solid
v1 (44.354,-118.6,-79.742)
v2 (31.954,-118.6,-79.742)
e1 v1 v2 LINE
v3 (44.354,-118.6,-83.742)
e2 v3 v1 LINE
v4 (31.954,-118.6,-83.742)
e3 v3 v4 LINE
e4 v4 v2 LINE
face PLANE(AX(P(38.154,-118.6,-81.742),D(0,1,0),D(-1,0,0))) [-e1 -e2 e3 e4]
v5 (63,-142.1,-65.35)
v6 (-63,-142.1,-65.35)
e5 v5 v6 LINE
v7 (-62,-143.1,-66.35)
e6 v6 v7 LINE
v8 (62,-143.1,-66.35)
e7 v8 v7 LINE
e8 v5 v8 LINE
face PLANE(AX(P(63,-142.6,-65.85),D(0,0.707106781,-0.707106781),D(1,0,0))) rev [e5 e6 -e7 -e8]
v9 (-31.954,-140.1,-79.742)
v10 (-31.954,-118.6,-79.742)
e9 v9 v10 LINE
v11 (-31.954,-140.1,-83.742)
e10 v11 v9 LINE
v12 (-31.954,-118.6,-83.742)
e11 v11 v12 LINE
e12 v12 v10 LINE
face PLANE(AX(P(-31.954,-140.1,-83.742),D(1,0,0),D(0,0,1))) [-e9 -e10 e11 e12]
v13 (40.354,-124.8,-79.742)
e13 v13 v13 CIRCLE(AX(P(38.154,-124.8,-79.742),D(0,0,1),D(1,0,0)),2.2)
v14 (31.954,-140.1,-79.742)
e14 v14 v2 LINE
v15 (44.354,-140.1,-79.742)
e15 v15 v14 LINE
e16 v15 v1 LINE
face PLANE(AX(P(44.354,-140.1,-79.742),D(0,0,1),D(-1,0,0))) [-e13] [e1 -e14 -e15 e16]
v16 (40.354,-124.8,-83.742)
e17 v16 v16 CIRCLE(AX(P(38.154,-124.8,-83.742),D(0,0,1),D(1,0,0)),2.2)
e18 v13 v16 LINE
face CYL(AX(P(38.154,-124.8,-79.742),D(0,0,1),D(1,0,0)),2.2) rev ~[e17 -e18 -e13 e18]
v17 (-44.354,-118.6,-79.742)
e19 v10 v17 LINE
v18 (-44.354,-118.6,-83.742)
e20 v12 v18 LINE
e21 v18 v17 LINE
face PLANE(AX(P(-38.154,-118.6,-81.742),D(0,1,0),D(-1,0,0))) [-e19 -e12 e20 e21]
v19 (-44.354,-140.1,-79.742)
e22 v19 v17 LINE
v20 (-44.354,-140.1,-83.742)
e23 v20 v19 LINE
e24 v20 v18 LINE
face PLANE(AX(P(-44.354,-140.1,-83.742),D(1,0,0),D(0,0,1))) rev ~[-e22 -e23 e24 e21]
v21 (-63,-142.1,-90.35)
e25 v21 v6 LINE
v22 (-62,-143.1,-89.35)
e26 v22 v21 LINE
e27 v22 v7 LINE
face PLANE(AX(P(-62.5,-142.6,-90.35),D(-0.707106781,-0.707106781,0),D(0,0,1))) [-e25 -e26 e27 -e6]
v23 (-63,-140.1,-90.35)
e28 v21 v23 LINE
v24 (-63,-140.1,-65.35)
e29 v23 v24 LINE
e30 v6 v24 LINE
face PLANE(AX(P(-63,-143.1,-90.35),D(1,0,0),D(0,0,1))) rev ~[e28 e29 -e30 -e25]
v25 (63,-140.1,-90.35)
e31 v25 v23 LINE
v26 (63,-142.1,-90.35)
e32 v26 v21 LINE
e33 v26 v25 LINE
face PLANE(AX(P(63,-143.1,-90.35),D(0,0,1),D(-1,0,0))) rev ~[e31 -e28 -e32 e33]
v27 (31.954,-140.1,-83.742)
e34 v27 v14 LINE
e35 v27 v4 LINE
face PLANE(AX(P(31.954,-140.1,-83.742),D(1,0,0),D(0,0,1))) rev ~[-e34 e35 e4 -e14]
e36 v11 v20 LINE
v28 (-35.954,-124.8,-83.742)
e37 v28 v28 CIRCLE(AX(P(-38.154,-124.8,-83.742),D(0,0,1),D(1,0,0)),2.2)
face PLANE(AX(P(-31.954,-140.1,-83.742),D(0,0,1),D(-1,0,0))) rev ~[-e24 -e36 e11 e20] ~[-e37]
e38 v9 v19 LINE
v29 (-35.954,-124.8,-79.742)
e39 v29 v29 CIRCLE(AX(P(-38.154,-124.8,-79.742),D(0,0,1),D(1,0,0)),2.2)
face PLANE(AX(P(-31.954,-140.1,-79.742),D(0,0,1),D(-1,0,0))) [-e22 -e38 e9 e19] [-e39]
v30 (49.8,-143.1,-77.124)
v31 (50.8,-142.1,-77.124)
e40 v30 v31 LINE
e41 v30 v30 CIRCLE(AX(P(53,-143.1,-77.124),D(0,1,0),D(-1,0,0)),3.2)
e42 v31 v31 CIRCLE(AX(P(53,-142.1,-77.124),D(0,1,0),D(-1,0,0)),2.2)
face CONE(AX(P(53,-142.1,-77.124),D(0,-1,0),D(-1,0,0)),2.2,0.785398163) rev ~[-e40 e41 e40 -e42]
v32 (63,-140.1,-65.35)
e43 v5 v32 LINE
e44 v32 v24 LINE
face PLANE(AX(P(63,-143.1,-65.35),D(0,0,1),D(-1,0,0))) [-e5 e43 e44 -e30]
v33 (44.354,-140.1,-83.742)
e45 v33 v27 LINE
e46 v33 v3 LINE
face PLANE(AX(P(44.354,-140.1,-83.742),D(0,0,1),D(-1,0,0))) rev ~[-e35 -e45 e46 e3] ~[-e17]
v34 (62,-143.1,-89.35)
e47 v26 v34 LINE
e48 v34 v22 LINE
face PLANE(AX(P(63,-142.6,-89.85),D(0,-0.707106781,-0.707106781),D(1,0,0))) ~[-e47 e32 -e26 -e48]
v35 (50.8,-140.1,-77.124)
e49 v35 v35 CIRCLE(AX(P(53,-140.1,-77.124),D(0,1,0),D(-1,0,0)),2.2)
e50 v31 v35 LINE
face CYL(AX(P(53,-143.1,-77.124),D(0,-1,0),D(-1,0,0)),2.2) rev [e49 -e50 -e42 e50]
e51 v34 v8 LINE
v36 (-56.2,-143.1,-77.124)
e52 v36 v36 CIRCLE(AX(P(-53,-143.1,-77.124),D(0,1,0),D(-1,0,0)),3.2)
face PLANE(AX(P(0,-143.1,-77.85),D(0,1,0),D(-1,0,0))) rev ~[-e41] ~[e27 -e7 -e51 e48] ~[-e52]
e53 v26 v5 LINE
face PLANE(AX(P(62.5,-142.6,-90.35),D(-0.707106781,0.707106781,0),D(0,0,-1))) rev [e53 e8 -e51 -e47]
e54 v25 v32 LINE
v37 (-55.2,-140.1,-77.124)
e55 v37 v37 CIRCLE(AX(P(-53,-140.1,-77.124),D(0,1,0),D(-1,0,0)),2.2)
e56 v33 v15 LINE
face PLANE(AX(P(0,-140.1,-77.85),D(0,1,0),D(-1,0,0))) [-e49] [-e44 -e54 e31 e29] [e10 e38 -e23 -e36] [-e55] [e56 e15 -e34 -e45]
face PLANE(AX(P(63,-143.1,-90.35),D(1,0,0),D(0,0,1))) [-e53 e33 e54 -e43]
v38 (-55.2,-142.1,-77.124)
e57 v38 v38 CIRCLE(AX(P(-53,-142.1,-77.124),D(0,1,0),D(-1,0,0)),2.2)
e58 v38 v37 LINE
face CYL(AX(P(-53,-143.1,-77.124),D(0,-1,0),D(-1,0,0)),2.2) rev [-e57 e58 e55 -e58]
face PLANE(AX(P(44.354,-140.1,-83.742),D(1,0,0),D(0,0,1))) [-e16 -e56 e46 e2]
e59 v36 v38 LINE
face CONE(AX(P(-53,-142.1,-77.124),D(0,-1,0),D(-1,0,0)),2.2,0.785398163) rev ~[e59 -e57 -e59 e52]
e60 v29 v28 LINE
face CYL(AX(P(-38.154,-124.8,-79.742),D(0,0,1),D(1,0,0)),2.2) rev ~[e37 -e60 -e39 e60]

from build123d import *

# Parameters (mm, degrees)
SKETCH056_W             = 126
SKETCH056_H             = 25
SKETCH056_R             = 2.2
PAD024_DEPTH            = 3
SKETCH057_W             = 12.4
SKETCH057_H             = 4
PAD025_DEPTH            = 21.5
SKETCH058_R             = 2.2
POCKET031_DEPTH         = 10.609
CHAMFER023_SIZE         = 1
BODY012_ROLL_ANGLE      = 90
BODY012_PLACEMENT_ANGLE = 180


with BuildPart() as part:
    # Sketch056 → Pad024 (new body)
    with BuildSketch(Plane.XY):
        Rectangle(SKETCH056_W, SKETCH056_H)
        with Locations((-53, 0.726)):
            Circle(SKETCH056_R, mode=Mode.SUBTRACT)
        with Locations((53, 0.726)):
            Circle(SKETCH056_R, mode=Mode.SUBTRACT)
    extrude(amount=PAD024_DEPTH)

    # Sketch057 (on Face8 of Pad024) → Pad025 (join)
    with BuildSketch(Plane.XY.offset(3)):
        with Locations((-38.154, -3.892)):
            Rectangle(SKETCH057_W, SKETCH057_H)
        with Locations((38.154, -3.892)):
            Rectangle(SKETCH057_W, SKETCH057_H)
    extrude(amount=PAD025_DEPTH)

    # Sketch058 (on Face12 of Pad025) → Pocket031 (cut, through all)
    with BuildSketch(Plane(origin=(0, -1.892, 0), x_dir=(-1, 0, 0), z_dir=(0, 1, 0))):
        with Locations((-38.154, 18.3)):
            Circle(SKETCH058_R)
        with Locations((38.154, 18.3)):
            Circle(SKETCH058_R)
    extrude(amount=-POCKET031_DEPTH, mode=Mode.SUBTRACT)

    # Chamfer023
    chamfer023_edges = [part.edges().sort_by_distance(p)[0] for p in [
        (0, 12.5, 0),
        (63, 0, 0),
        (0, -12.5, 0),
        (-63, 0, 0),
        (50.8, 0.726, 0),
        (-55.2, 0.726, 0),
    ]]
    chamfer(chamfer023_edges, length=CHAMFER023_SIZE)


with BuildPart() as part_1:
    # Body012 roll: moved
    add(part.part.rotate(Axis((0, 0, 0), (1, 0, 0)), BODY012_ROLL_ANGLE))


with BuildPart() as part_2:
    # Body012 placement: moved
    add(part_1.part.moved(Location((0, -143.1, -77.85))).rotate(Axis((0, -143.1, -77.85), (0, 0, 1)), BODY012_PLACEMENT_ANGLE))


solid = part_2.part
